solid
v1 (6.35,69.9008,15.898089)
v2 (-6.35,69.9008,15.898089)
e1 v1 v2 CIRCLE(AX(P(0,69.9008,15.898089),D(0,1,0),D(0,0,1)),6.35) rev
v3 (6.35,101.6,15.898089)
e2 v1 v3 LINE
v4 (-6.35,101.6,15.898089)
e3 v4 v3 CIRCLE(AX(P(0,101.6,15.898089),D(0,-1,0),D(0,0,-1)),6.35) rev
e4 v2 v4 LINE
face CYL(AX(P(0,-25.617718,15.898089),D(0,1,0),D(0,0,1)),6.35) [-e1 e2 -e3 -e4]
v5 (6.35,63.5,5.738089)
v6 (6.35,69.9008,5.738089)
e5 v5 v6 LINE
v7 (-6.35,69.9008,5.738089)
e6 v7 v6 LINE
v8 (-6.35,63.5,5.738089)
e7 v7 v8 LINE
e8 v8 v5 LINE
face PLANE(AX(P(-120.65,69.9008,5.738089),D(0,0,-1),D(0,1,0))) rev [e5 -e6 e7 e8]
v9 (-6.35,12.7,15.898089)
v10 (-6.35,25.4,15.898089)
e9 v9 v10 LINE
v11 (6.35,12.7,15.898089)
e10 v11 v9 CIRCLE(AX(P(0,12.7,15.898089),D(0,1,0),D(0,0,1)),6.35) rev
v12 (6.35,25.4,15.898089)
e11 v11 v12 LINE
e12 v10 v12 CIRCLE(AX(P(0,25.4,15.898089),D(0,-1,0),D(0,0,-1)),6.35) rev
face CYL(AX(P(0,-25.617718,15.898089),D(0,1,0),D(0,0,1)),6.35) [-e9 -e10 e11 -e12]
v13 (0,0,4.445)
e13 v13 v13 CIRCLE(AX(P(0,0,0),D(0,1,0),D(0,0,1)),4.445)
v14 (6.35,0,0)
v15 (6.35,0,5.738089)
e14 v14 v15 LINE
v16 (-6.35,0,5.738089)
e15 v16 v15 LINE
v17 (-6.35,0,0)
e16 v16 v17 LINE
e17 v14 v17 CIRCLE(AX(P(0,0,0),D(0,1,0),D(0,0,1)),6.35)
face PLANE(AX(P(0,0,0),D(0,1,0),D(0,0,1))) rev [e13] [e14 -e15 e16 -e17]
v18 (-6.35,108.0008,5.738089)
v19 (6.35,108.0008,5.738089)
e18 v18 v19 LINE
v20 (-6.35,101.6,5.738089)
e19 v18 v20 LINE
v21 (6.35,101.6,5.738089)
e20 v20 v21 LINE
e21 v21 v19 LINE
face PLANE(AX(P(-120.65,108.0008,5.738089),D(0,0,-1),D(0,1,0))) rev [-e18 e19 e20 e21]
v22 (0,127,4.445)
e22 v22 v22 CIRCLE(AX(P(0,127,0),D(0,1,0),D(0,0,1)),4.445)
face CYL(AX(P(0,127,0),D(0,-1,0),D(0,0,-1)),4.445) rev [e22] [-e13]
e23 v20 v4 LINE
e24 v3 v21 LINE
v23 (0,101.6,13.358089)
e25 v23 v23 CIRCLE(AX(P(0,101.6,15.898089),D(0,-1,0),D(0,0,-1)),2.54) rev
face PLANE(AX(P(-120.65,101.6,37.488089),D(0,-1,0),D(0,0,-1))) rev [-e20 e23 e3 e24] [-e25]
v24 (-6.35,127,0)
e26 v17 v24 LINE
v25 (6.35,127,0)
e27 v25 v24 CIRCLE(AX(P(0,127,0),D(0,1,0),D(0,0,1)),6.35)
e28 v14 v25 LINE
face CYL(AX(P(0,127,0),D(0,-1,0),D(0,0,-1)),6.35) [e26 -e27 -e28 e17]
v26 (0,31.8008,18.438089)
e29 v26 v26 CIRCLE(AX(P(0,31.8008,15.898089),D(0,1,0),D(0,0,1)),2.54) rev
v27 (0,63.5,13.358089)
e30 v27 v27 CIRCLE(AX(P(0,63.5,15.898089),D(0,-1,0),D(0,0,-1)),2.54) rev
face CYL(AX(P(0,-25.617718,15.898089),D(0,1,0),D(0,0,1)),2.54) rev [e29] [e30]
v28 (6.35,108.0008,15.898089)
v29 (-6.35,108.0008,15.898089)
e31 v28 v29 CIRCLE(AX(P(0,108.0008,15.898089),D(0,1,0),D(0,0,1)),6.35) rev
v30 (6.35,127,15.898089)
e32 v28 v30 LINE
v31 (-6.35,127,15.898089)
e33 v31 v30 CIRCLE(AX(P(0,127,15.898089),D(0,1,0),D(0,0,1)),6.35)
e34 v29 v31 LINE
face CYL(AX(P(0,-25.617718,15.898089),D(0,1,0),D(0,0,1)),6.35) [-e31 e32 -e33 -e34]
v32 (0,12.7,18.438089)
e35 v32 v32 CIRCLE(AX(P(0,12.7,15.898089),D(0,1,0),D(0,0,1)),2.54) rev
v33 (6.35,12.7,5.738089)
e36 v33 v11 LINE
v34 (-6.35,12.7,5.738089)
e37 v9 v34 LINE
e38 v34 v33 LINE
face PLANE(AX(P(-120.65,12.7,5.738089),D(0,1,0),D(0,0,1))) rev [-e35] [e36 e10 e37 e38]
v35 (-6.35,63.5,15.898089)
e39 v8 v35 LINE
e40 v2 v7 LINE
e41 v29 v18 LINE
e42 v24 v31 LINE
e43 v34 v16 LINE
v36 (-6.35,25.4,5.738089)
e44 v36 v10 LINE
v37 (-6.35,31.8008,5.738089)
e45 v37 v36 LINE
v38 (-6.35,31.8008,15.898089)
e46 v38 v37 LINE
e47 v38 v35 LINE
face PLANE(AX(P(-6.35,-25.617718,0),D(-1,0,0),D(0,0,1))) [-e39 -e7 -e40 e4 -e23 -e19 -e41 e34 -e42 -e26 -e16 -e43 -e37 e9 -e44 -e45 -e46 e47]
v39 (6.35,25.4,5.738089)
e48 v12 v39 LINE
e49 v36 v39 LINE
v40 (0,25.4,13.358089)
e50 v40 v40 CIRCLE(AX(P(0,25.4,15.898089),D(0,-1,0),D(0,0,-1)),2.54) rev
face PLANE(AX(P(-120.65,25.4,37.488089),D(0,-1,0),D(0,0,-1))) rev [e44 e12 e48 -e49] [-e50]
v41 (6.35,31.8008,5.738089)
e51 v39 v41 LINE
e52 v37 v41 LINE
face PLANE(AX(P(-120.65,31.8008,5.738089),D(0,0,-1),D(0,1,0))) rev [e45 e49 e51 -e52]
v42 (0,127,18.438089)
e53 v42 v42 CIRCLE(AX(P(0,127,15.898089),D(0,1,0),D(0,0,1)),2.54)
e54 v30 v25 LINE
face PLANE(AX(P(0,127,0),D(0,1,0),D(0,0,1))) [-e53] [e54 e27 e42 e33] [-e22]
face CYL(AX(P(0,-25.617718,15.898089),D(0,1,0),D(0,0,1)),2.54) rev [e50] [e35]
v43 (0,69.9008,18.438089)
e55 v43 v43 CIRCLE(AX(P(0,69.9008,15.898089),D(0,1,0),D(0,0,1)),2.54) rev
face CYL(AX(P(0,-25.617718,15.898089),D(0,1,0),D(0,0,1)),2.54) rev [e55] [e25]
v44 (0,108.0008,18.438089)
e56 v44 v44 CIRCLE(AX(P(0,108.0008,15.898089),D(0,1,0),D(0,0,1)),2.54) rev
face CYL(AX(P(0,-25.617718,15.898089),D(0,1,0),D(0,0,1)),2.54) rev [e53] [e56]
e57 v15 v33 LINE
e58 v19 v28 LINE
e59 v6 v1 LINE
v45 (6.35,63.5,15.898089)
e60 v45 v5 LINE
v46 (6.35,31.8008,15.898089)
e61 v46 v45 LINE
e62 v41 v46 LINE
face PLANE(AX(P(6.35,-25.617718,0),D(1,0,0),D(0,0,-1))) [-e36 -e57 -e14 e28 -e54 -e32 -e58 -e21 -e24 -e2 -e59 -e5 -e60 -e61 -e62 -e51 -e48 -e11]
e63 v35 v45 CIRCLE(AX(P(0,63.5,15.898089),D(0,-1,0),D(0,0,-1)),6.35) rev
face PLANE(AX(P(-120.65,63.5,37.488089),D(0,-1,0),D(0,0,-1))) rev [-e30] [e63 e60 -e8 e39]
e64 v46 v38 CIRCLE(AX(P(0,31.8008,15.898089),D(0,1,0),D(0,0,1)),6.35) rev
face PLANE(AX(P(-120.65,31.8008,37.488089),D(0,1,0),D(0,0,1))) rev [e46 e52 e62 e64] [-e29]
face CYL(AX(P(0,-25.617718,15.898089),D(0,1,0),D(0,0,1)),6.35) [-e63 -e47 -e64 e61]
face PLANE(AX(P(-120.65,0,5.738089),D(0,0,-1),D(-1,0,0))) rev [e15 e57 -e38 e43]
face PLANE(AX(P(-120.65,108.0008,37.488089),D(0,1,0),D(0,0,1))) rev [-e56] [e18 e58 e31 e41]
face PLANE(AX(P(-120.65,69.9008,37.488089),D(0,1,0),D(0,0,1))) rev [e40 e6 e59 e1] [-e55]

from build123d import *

# Parameters (mm, degrees)
SKETCH2_R           = 6.35
SKETCH2_R_2         = 4.445
BOSS_EXTRUDE1_DEPTH = 127
BOSS_EXTRUDE2_START = -127
SKETCH3_R           = 2.54
BOSS_EXTRUDE2_DEPTH = 127
SKETCH4_W           = 31.75
SKETCH4_H           = 6.4008
SKETCH4_H_2         = 12.7
CUT_EXTRUDE1_DEPTH  = 127


with BuildPart() as part:
    # Sketch2 → Boss-Extrude1 (new body)
    with BuildSketch(Plane(origin=(0, 0, 0), x_dir=(1, 0, 0), z_dir=(0, 1, 0))):
        with Locations(Location((0, 0, 0), (0, 0, 270))):
            Circle(SKETCH2_R)
        with Locations(Location((0, 0, 0), (0, 0, 270))):
            Circle(SKETCH2_R_2, mode=Mode.SUBTRACT)
    extrude(amount=BOSS_EXTRUDE1_DEPTH)

    # Sketch3 → Boss-Extrude2 (add)
    with BuildSketch(Plane(origin=(0, 127, 0), x_dir=(1, 0, 0), z_dir=(0, 1, 0)).offset(BOSS_EXTRUDE2_START)):
        with BuildLine():
            Line((-6.35, 0), (-6.35, -15.898089304))
            ThreePointArc((-6.35, -15.898089304), (0, -22.248089304), (6.35, -15.898089304))
            Line((6.35, -15.898089304), (6.35, 0))
            ThreePointArc((6.35, 0), (0, -6.35), (-6.35, 0))
        make_face()
        with Locations(Location((0, -15.898089304, 0), (0, 0, 270))):
            Circle(SKETCH3_R, mode=Mode.SUBTRACT)
    extrude(amount=BOSS_EXTRUDE2_DEPTH)

    # Sketch4 → Cut-Extrude1 (cut)
    with BuildSketch(Plane(origin=(6.35, 0, 0), x_dir=(0, 0, -1), z_dir=(1, 0, 0))):
        with Locations((-21.613089304, 28.6004)):
            Rectangle(SKETCH4_W, SKETCH4_H)
        with Locations((-21.613089304, 66.7004)):
            Rectangle(SKETCH4_W, SKETCH4_H)
        with Locations((-21.613089304, 104.8004)):
            Rectangle(SKETCH4_W, SKETCH4_H)
        with Locations((-21.613089304, 6.35)):
            Rectangle(SKETCH4_W, SKETCH4_H_2)
    extrude(amount=-CUT_EXTRUDE1_DEPTH, mode=Mode.SUBTRACT)


solid = part.part
